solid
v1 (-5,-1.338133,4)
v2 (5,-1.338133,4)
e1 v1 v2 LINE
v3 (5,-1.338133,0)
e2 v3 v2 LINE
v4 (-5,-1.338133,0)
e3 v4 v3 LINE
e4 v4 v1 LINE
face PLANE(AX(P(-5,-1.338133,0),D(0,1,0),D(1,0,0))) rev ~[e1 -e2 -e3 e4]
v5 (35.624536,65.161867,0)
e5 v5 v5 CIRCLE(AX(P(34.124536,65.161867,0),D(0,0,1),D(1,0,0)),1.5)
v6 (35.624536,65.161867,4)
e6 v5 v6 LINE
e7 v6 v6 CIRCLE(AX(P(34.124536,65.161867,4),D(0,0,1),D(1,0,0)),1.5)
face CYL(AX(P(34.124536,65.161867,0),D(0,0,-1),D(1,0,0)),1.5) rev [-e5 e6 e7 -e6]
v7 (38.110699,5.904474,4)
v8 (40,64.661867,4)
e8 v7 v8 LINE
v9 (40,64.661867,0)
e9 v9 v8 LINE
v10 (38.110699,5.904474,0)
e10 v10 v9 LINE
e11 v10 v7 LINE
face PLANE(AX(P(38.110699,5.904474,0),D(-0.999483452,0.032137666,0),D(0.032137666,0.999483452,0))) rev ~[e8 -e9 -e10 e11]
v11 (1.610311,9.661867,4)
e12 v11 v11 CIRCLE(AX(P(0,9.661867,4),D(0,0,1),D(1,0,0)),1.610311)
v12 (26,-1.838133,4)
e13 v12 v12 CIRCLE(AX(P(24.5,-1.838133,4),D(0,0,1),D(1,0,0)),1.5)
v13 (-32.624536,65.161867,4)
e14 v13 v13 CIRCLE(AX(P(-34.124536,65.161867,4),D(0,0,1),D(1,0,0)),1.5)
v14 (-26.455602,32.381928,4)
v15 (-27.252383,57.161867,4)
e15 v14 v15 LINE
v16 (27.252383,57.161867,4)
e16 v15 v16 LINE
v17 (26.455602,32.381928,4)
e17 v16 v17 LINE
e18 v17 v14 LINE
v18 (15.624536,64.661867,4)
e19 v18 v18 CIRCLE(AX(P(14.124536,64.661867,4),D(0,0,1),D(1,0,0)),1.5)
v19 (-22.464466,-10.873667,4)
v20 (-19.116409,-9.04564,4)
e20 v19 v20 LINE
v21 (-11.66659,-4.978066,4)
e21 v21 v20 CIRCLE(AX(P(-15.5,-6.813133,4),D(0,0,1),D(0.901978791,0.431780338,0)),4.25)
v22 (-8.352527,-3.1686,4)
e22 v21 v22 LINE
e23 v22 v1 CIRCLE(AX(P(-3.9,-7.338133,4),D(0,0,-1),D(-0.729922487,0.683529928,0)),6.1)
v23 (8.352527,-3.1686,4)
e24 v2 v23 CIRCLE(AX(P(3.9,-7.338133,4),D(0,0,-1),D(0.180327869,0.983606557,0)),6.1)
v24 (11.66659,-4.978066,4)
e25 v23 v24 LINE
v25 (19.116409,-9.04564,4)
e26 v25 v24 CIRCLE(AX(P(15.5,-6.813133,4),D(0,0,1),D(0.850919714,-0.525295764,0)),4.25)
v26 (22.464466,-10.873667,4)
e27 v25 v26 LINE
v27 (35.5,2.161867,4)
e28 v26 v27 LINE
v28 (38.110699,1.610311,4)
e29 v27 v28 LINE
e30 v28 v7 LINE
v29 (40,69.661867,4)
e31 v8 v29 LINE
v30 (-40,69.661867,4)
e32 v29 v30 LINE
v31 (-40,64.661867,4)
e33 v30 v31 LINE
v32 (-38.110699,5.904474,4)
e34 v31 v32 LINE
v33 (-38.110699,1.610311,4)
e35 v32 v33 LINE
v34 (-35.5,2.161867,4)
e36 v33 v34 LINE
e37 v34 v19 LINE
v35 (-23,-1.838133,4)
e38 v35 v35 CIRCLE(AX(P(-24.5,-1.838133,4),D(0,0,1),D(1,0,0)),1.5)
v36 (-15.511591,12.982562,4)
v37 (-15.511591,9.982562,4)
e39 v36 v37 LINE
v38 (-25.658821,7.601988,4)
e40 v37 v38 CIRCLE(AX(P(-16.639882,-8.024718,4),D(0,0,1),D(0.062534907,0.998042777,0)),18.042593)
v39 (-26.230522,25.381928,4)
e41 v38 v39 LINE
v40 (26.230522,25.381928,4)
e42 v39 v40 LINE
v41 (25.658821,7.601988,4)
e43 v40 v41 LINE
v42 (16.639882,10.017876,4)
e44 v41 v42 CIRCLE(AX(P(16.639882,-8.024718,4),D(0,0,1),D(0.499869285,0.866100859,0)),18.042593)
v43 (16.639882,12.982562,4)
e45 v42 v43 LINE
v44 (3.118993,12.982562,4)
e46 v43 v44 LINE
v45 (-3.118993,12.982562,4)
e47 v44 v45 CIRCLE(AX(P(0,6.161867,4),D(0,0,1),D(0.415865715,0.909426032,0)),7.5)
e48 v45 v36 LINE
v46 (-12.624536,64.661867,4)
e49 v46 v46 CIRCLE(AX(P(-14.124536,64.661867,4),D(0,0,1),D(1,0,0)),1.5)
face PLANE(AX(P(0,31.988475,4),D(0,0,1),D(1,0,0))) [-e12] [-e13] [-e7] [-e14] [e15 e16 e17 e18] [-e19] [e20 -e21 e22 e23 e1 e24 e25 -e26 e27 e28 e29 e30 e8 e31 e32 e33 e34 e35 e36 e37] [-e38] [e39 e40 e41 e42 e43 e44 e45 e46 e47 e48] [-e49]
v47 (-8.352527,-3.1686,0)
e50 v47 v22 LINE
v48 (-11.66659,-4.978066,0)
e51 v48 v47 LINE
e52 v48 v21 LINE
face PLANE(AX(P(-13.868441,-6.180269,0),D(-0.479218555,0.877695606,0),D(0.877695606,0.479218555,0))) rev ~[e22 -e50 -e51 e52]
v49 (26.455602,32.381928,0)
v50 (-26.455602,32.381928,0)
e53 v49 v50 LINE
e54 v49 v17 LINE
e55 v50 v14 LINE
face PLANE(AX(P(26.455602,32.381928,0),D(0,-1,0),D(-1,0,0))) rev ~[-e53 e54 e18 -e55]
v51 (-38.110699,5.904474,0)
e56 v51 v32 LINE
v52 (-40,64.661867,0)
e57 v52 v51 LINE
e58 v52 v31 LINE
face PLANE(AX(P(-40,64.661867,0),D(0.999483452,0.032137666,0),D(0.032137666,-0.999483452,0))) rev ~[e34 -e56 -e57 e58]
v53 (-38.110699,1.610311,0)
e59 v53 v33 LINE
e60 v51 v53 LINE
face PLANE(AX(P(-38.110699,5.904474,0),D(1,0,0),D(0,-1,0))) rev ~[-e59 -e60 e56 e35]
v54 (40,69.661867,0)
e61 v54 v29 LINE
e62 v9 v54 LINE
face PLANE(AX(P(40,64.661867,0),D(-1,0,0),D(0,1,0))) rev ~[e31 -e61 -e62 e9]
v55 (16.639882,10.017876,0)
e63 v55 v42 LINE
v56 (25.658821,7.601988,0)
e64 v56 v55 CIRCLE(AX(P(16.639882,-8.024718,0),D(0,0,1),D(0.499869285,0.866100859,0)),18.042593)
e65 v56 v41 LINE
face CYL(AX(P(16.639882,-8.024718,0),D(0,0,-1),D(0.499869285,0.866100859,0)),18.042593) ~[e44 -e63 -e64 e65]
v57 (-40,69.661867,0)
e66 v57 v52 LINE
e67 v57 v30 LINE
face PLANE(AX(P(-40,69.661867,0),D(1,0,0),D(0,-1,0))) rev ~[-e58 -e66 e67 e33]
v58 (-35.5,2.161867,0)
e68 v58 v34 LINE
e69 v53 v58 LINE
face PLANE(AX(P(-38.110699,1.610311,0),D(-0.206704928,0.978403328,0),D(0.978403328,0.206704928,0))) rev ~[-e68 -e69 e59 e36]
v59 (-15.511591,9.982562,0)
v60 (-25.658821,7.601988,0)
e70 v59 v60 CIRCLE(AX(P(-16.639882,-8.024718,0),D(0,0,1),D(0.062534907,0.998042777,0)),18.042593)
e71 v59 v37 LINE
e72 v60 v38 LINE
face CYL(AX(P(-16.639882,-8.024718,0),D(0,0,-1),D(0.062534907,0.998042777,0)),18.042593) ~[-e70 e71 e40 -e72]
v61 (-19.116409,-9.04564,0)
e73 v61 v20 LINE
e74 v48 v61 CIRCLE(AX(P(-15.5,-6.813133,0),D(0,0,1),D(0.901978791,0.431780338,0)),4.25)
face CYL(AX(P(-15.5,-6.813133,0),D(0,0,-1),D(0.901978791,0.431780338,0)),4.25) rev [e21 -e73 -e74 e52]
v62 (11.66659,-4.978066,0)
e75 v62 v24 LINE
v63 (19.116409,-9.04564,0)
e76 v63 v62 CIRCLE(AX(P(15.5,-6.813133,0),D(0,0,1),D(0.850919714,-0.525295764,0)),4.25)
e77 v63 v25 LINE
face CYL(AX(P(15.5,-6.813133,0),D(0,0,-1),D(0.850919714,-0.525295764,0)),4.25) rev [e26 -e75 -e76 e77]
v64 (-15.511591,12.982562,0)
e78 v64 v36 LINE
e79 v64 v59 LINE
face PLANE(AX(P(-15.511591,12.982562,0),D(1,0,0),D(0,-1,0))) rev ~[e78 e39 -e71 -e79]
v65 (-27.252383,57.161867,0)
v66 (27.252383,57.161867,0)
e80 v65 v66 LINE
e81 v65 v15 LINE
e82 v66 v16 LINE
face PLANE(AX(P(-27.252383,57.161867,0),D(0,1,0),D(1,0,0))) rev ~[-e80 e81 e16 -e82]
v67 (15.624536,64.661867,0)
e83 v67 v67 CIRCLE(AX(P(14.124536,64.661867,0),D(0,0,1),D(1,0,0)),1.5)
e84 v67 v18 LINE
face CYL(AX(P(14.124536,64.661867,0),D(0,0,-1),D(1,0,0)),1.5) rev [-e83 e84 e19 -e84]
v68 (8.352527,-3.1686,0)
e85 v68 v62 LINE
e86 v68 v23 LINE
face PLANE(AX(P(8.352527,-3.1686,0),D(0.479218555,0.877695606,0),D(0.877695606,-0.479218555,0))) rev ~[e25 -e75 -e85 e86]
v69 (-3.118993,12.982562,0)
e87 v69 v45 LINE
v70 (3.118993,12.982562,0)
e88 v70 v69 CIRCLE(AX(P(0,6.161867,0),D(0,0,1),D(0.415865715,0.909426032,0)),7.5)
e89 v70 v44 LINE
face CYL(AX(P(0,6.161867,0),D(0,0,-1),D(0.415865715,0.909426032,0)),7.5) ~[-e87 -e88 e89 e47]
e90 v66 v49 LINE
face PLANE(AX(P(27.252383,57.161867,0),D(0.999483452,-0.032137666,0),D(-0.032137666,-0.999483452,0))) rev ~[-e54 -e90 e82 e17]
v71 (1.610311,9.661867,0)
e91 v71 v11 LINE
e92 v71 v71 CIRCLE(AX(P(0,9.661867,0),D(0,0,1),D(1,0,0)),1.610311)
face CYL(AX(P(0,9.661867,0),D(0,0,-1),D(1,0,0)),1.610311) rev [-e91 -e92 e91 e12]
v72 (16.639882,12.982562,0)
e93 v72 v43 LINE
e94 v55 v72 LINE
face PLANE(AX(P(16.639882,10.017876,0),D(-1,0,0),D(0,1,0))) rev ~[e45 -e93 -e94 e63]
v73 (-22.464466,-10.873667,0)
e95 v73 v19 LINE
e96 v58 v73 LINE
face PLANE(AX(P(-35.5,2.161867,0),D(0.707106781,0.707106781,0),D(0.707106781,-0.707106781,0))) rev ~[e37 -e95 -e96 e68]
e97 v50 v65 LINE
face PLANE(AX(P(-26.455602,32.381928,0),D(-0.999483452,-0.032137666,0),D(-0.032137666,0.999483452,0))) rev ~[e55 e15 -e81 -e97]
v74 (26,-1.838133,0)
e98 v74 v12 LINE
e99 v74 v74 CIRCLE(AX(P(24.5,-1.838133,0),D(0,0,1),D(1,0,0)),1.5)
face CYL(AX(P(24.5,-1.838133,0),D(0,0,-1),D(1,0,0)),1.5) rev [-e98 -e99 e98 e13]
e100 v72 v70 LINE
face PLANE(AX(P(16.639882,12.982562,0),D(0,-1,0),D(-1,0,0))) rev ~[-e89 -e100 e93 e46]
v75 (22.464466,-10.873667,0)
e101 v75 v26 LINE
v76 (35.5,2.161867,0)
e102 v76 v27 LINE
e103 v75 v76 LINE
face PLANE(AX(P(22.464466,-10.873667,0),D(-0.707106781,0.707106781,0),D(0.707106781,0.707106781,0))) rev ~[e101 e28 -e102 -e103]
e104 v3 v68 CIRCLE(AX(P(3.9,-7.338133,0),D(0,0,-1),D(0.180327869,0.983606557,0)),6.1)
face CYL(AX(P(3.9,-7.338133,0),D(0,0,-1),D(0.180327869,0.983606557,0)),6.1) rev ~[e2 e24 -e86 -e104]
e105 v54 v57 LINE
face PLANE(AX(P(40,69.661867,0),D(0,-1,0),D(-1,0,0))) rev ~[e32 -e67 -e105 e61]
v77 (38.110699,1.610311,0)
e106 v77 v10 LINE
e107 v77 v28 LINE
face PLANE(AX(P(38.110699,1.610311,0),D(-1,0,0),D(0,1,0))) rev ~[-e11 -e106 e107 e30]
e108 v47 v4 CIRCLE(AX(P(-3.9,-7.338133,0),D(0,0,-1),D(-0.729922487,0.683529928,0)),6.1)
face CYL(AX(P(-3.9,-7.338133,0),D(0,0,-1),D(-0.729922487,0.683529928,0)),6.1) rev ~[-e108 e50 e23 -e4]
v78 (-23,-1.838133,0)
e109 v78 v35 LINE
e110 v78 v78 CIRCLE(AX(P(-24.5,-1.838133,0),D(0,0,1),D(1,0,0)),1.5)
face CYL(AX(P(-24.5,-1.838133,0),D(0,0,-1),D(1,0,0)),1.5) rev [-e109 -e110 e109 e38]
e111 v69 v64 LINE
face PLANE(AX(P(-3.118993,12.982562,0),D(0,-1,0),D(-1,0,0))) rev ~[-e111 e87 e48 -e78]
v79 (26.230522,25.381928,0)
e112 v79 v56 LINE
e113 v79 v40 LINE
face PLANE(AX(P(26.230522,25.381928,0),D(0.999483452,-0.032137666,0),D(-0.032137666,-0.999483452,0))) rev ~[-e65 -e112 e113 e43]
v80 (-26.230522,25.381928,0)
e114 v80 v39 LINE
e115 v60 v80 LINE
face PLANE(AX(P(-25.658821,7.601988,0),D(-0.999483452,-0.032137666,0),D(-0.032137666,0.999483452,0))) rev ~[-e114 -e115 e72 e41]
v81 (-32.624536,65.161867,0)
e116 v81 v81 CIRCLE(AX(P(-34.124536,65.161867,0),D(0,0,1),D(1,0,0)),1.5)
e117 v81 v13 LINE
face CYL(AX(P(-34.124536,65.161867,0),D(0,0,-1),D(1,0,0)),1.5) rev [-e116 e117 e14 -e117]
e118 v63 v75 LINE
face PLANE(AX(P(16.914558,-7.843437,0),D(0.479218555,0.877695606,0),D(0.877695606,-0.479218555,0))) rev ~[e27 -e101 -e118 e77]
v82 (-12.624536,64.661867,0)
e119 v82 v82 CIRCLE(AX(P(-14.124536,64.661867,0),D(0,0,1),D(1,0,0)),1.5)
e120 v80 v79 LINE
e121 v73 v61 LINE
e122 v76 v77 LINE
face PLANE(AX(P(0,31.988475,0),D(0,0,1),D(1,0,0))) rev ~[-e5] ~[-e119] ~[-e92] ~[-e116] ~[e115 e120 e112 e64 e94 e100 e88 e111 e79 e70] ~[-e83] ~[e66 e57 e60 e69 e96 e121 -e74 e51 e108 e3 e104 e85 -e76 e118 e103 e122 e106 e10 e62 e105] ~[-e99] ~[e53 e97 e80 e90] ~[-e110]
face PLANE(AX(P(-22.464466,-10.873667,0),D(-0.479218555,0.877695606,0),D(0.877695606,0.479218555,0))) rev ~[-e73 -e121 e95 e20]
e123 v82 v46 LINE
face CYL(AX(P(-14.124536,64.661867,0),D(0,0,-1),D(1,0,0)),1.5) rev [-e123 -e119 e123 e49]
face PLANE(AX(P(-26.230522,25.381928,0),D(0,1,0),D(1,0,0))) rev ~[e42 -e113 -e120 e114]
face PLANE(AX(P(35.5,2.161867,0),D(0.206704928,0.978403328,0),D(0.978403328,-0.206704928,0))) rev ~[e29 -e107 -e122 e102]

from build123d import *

# Parameters (mm, degrees)
SKETCH1_R           = 1.5
SKETCH1_R_2         = 1.610311209
BOSS_EXTRUDE1_DEPTH = 4
CUT_EXTRUDE1_START  = -4
CUT_EXTRUDE1_DEPTH  = 4


with BuildPart() as part:
    # Sketch1 → Boss-Extrude1 (new body)
    with BuildSketch(Plane.XY):
        with BuildLine():
            Line((-40, 64.661867252), (-38.110698604, 5.904474432))
            Line((-38.110698604, 5.904474432), (-38.110698604, 1.610311209))
            Line((-38.110698604, 1.610311209), (-35.5, 2.161867252))
            Line((-35.5, 2.161867252), (-22.464466094, -10.873666654))
            Line((-22.464466094, -10.873666654), (-16.914557514, -7.843437092))
            ThreePointArc((-16.914557514, -7.843437092), (-16.338632472, -5.277165438), (-13.868441411, -6.180268964))
            Line((-13.868441411, -6.180268964), (-8.352527173, -3.168600187))
            ThreePointArc((-8.352527173, -3.168600187), (-6.823233186, -1.984189553), (-5, -1.338132748))
            Line((-5, -1.338132748), (5, -1.338132748))
            ThreePointArc((5, -1.338132748), (6.823233186, -1.984189553), (8.352527173, -3.168600187))
            Line((8.352527173, -3.168600187), (13.868441411, -6.180268964))
            ThreePointArc((13.868441411, -6.180268964), (16.338632472, -5.277165438), (16.914557514, -7.843437092))
            Line((16.914557514, -7.843437092), (22.464466094, -10.873666654))
            Line((22.464466094, -10.873666654), (35.5, 2.161867252))
            Line((35.5, 2.161867252), (38.110698604, 1.610311209))
            Line((38.110698604, 1.610311209), (38.110698604, 5.904474432))
            Line((38.110698604, 5.904474432), (40, 64.661867252))
            Line((40, 64.661867252), (40, 69.661867252))
            Line((40, 69.661867252), (-40, 69.661867252))
            Line((-40, 69.661867252), (-40, 64.661867252))
        make_face()
        with BuildLine():
            Line((16.639882489, 12.98256249), (3.11899286, 12.98256249))
            ThreePointArc((3.11899286, 12.98256249), (0, 13.661867252), (-3.11899286, 12.98256249))
            Line((-3.11899286, 12.98256249), (-15.511590599, 12.98256249))
            Line((-15.511590599, 12.98256249), (-15.511590599, 9.98256249))
            ThreePointArc((-15.511590599, 9.98256249), (-20.760848223, 9.540954041), (-25.658820737, 7.60198811))
            Line((-25.658820737, 7.60198811), (-26.230521812, 25.381927681))
            Line((-26.230521812, 25.381927681), (26.230521812, 25.381927681))
            Line((26.230521812, 25.381927681), (25.658820737, 7.60198811))
            ThreePointArc((25.658820737, 7.60198811), (21.308334072, 9.403441757), (16.639882489, 10.017875862))
            Line((16.639882489, 10.017875862), (16.639882489, 12.98256249))
        make_face(mode=Mode.SUBTRACT)
        with Locations((-34.124535685, 65.161867252)):
            Circle(SKETCH1_R, mode=Mode.SUBTRACT)
        with Locations((-14.124535685, 64.661867252)):
            Circle(SKETCH1_R, mode=Mode.SUBTRACT)
        Polygon((-26.45560174, 32.381927681), (-27.252382744, 57.161867252), (27.252382744, 57.161867252), (26.45560174, 32.381927681), align=None, mode=Mode.SUBTRACT)
        with Locations((14.124535685, 64.661867252)):
            Circle(SKETCH1_R, mode=Mode.SUBTRACT)
        with Locations((34.124535685, 65.161867252)):
            Circle(SKETCH1_R, mode=Mode.SUBTRACT)
        with Locations((-24.5, -1.838132748)):
            Circle(SKETCH1_R, mode=Mode.SUBTRACT)
        with Locations((0, 9.661867252)):
            Circle(SKETCH1_R_2, mode=Mode.SUBTRACT)
        with Locations((24.5, -1.838132748)):
            Circle(SKETCH1_R, mode=Mode.SUBTRACT)
    extrude(amount=BOSS_EXTRUDE1_DEPTH)

    # Sketch2 → Cut-Extrude1 (cut)
    with BuildSketch(Plane.XY.offset(4).offset(CUT_EXTRUDE1_START)):
        with BuildLine():
            Line((-19.116408786, -9.045639745), (-16.914557514, -7.843437092))
            ThreePointArc((-16.914557514, -7.843437092), (-16.338632472, -5.277165438), (-13.868441411, -6.180268964))
            Line((-13.868441411, -6.180268964), (-11.666590138, -4.978066311))
            ThreePointArc((-11.666590138, -4.978066311), (-17.536678859, -3.082926424), (-19.116408786, -9.045639745))
        make_face()
        with BuildLine():
            Line((16.914557514, -7.843437092), (19.116408786, -9.045639745))
            ThreePointArc((19.116408786, -9.045639745), (17.536678859, -3.082926424), (11.666590138, -4.978066311))
            Line((11.666590138, -4.978066311), (13.868441411, -6.180268964))
            ThreePointArc((13.868441411, -6.180268964), (16.338632472, -5.277165438), (16.914557514, -7.843437092))
        make_face()
    extrude(amount=CUT_EXTRUDE1_DEPTH, mode=Mode.SUBTRACT)


solid = part.part
